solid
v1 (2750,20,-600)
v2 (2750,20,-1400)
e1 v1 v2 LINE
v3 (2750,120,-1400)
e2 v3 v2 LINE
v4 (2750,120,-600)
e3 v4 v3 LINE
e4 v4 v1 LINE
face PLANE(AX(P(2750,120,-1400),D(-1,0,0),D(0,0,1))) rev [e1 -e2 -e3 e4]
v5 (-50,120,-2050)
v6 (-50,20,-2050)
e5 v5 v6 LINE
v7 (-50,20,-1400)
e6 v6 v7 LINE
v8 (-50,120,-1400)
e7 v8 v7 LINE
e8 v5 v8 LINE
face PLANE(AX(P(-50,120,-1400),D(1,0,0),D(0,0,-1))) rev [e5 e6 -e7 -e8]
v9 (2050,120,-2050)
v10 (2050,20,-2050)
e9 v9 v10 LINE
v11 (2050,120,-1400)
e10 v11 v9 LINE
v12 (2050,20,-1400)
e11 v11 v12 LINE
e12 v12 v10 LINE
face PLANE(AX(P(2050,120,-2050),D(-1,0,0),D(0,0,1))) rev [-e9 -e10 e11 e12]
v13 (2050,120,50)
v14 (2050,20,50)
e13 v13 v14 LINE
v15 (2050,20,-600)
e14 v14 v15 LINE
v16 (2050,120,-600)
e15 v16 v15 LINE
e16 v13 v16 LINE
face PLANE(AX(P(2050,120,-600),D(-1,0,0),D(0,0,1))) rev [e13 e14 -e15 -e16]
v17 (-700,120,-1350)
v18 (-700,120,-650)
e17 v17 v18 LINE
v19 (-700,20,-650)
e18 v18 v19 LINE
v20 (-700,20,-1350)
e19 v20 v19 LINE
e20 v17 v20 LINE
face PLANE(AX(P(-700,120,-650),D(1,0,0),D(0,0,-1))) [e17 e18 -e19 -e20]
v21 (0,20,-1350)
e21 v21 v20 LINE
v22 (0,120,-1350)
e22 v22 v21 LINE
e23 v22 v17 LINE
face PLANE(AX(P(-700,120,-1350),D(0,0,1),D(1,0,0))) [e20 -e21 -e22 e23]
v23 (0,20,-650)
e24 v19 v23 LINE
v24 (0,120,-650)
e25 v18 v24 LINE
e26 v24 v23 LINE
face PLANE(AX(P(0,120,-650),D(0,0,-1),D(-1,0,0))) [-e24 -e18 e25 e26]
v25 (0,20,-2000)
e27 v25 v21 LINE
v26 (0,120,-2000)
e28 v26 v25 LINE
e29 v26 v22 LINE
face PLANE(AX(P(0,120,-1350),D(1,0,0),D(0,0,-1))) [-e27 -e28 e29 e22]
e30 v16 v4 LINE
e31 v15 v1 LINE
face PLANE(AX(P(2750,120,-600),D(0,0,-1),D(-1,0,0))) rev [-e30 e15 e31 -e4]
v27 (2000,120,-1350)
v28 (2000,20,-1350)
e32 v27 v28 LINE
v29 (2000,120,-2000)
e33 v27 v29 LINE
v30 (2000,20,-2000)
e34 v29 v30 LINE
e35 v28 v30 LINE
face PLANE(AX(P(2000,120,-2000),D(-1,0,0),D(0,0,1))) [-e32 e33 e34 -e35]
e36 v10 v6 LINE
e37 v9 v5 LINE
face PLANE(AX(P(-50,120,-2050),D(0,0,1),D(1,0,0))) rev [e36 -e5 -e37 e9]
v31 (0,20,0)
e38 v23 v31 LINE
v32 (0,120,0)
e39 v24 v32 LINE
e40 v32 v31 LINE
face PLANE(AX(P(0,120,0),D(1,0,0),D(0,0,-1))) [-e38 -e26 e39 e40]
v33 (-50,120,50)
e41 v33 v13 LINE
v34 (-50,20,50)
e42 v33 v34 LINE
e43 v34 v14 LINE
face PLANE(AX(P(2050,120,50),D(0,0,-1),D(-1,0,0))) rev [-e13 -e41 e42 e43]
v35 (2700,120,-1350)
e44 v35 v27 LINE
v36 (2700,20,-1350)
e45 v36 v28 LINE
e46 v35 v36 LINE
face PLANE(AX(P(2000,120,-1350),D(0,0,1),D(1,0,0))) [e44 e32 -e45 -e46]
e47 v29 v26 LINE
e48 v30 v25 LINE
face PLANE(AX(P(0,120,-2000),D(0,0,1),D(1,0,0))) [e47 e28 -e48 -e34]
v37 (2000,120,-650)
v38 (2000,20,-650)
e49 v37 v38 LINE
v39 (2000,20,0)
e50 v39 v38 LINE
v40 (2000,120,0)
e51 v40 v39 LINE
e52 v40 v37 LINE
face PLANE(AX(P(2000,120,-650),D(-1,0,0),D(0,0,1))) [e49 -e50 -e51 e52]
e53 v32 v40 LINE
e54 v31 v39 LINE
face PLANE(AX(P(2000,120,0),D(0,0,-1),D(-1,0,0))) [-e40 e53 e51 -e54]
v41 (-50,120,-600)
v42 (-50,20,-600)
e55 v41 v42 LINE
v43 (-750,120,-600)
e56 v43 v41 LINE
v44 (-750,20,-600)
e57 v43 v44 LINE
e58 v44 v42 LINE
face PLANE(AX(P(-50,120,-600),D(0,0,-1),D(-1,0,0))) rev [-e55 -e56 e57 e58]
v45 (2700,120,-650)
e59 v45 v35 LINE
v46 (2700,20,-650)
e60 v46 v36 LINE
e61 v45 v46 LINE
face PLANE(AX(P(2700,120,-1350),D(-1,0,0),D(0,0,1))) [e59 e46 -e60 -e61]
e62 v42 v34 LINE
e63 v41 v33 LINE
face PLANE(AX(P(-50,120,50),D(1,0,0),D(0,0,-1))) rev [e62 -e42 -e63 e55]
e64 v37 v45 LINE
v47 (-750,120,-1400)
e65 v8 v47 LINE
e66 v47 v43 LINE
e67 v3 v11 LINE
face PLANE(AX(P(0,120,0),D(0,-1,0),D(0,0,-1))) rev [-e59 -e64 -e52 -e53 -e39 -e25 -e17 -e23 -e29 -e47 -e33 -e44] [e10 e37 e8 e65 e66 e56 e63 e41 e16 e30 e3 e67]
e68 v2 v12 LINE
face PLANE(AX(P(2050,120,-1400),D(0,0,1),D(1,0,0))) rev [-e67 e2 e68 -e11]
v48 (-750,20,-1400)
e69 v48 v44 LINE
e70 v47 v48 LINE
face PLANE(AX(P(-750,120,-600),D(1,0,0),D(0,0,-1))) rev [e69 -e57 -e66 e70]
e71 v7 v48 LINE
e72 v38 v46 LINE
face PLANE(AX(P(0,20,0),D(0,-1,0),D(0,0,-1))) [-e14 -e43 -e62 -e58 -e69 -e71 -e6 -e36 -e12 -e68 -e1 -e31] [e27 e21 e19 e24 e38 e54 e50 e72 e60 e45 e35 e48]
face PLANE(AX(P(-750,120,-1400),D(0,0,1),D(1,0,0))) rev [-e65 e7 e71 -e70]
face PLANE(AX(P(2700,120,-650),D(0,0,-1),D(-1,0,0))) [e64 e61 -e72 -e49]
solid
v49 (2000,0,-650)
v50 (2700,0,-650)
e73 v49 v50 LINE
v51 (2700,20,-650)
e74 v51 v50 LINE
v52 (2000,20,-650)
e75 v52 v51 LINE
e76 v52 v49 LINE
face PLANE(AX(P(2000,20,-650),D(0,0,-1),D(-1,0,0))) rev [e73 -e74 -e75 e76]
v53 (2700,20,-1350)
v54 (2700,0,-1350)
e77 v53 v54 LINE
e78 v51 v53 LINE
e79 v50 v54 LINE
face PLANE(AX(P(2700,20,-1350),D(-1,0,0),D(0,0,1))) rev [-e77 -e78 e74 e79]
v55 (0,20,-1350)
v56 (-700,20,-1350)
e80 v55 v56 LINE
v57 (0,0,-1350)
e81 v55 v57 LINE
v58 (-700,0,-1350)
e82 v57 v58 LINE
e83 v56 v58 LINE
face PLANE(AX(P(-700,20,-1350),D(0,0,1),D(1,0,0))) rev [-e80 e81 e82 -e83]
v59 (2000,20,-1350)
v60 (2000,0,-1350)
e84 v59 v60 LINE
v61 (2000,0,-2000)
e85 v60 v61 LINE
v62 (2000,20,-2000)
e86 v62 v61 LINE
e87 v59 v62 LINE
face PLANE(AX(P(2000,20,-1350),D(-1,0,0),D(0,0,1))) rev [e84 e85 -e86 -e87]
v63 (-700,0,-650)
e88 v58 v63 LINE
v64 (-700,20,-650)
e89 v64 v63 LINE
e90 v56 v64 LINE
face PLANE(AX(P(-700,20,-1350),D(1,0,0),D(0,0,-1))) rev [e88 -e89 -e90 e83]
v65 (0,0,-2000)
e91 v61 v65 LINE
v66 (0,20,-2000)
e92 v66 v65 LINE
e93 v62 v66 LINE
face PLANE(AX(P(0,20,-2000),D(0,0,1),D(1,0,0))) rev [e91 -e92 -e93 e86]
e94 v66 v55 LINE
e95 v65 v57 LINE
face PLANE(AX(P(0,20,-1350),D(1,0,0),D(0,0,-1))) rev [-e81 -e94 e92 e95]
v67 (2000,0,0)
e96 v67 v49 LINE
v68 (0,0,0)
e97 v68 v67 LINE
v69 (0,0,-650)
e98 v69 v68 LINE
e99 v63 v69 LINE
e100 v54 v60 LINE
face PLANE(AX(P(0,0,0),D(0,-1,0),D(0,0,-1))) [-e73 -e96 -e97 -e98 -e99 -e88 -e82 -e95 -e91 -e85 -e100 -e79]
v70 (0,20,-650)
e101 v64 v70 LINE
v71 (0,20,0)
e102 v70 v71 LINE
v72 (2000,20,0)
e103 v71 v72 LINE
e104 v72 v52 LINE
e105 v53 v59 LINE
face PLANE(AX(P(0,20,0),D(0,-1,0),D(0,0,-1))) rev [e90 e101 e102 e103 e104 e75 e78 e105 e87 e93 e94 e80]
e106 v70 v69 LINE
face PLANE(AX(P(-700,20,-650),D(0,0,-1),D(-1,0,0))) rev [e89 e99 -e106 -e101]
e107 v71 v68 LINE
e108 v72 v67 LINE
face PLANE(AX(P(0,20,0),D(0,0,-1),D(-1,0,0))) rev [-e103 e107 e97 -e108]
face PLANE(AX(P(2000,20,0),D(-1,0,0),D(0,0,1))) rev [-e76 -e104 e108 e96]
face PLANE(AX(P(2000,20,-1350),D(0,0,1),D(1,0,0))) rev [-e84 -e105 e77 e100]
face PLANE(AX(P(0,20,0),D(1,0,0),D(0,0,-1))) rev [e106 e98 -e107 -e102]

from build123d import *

# Parameters (mm, degrees)
SALIENTE_EXTRUIR1_DEPTH = 20
SALIENTE_EXTRUIR2_DEPTH = 100


with BuildPart() as part:
    # Croquis1 → Saliente-Extruir1 (new body)
    with BuildSketch(Plane(origin=(0, 0, 0), x_dir=(1, 0, 0), z_dir=(0, 1, 0))):
        Polygon((0, 1350), (0, 2000), (2000, 2000), (2000, 1350), (2700, 1350), (2700, 650), (2000, 650), (2000, 0), (0, 0), (0, 650), (-700, 650), (-700, 1350), align=None)
    extrude(amount=SALIENTE_EXTRUIR1_DEPTH)


with BuildPart() as body_2:
    # Croquis2 → Saliente-Extruir2 (new body)
    with BuildSketch(Plane(origin=(0, 20, 0), x_dir=(1, 0, 0), z_dir=(0, 1, 0))):
        Polygon((-750, 600), (-750, 1400), (-50, 1400), (-50, 2050), (2050, 2050), (2050, 1400), (2750, 1400), (2750, 600), (2050, 600), (2050, -50), (-50, -50), (-50, 600), align=None)
        Polygon((-700, 1350), (0, 1350), (0, 2000), (2000, 2000), (2000, 1350), (2700, 1350), (2700, 650), (2000, 650), (2000, 0), (0, 0), (0, 650), (-700, 650), align=None, mode=Mode.SUBTRACT)
    extrude(amount=SALIENTE_EXTRUIR2_DEPTH)


solid = Compound([part.part, body_2.part])
